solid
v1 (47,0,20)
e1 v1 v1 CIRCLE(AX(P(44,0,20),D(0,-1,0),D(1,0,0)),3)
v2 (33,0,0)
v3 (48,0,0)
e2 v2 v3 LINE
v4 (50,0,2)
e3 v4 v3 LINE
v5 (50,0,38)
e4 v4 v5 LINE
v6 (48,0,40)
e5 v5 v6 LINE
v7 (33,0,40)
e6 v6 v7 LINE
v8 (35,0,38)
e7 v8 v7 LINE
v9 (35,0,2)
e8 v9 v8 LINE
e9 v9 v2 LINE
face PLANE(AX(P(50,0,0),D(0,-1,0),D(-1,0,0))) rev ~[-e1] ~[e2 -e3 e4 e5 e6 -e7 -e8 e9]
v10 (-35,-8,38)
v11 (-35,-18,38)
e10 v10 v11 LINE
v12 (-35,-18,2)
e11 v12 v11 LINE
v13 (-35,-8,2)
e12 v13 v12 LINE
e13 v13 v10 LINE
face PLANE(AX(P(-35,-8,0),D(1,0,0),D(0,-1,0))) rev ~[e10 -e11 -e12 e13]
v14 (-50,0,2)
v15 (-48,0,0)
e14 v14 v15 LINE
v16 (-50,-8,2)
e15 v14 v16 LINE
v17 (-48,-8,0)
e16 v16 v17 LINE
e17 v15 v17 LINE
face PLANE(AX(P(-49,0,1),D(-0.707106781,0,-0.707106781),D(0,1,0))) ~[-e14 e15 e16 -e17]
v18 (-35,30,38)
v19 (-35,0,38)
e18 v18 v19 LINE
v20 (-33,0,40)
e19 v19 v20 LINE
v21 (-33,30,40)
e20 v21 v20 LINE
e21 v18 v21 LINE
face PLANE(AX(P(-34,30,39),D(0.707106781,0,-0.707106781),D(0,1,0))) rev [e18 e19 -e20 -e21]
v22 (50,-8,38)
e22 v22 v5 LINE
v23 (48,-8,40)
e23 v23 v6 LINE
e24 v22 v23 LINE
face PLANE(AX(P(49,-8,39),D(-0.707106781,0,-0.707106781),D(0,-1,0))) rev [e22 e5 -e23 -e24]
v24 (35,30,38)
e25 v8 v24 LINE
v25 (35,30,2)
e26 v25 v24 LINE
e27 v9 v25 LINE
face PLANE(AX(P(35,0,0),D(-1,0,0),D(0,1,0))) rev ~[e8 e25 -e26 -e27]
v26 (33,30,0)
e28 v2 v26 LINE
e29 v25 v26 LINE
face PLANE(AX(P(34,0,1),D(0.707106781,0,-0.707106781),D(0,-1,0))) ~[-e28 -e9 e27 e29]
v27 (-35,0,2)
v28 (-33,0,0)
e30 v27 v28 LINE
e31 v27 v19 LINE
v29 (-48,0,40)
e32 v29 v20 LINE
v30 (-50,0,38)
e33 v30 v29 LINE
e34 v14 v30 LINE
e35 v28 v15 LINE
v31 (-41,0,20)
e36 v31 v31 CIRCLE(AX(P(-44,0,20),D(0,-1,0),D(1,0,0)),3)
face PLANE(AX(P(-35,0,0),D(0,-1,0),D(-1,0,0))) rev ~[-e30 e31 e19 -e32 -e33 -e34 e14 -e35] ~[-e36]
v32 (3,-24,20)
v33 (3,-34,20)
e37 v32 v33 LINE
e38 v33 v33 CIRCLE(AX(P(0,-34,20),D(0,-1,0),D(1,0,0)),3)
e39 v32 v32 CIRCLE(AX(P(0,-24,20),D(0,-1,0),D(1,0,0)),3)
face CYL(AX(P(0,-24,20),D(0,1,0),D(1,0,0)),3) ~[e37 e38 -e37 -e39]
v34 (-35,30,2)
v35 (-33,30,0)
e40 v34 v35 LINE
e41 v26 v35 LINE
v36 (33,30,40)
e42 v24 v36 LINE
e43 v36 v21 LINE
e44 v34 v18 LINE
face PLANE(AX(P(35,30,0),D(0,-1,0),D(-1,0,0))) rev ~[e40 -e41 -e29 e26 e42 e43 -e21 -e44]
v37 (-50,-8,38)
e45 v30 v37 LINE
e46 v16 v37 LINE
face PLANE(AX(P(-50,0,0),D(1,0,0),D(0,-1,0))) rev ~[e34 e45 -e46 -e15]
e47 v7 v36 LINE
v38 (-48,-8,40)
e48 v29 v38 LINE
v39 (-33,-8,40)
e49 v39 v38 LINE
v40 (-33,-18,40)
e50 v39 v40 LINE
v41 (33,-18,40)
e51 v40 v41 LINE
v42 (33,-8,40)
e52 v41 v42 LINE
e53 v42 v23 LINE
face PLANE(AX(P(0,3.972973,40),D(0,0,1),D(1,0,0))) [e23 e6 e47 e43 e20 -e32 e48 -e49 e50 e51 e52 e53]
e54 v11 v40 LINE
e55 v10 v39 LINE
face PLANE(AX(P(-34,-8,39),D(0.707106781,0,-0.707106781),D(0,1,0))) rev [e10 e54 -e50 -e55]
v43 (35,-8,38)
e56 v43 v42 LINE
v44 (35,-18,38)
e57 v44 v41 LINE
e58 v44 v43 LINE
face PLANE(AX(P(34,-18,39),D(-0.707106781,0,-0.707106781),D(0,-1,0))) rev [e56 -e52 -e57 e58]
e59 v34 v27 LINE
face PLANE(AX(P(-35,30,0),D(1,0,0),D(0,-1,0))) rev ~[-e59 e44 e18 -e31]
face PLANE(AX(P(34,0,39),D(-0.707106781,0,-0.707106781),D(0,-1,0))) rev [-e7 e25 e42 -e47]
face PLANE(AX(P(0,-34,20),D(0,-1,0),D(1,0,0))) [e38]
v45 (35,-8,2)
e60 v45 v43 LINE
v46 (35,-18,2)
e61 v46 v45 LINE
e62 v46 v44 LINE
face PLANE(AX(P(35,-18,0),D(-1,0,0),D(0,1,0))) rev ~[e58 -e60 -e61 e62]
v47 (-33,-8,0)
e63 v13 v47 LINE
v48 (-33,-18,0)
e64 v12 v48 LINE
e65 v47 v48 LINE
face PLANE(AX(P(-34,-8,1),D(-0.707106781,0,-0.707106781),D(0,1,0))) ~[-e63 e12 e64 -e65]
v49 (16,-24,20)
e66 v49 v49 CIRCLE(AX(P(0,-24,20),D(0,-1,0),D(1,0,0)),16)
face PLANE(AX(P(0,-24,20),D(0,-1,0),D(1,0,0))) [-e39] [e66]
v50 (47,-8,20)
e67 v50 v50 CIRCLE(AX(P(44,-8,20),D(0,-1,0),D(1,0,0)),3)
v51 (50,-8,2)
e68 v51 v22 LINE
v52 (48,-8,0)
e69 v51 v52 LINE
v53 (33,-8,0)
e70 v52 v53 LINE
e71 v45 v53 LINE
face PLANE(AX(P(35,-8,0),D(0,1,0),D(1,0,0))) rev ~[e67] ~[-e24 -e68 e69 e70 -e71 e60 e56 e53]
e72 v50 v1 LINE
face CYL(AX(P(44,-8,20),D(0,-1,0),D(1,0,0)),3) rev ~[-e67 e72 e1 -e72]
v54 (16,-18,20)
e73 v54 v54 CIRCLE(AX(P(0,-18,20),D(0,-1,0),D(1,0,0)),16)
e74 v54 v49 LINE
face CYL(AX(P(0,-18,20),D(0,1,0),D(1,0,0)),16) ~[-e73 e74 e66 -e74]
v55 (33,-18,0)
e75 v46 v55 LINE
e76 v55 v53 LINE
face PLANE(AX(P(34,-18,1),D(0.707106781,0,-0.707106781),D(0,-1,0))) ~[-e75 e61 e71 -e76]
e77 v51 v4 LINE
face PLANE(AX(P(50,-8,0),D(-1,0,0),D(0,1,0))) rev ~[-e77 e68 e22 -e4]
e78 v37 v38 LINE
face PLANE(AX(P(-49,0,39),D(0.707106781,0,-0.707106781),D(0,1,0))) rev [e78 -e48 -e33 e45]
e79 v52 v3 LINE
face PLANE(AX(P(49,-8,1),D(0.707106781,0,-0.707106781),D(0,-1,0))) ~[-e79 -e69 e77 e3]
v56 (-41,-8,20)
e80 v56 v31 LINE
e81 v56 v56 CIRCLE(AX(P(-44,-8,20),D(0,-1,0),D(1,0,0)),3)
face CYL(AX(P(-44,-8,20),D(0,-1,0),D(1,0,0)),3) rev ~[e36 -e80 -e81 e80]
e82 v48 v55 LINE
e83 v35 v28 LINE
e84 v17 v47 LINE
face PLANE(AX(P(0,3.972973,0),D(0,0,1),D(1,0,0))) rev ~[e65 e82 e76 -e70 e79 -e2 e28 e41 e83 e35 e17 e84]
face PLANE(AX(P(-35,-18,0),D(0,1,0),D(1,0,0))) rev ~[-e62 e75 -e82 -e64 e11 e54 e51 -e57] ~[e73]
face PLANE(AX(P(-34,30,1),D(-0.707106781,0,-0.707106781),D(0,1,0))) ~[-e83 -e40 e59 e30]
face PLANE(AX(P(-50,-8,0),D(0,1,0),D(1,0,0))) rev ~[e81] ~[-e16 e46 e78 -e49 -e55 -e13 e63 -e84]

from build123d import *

# Parameters (mm, degrees)
F1_DEPTH = 40
F2_SIZE  = 2
F3_R     = 16
F4_DEPTH = 6
F5_R     = 3
F6_DEPTH = 10
F7_R     = 3
F8_DEPTH = 25


with BuildPart() as f1:
    # F0 (on Top) → F1 (new body)
    with BuildSketch(Plane.XY):
        Polygon((-50, 0), (-50, -8), (-35, -8), (-35, -18), (0, -18), (35, -18), (35, -8), (50, -8), (50, 0), (35, 0), (35, 30), (0, 30), (-35, 30), (-35, 0), align=None)
    extrude(amount=F1_DEPTH)

    # F2
    f2_edges = [f1.edges().sort_by_distance(p)[0] for p in [
        (35, 15, 40),
        (35, -13, 40),
        (50, -4, 40),
        (35, -13, 0),
        (50, -4, 0),
        (35, 15, 0),
        (-35, 15, 40),
        (-35, -13, 40),
        (-50, -4, 40),
        (-35, 15, 0),
        (-50, -4, 0),
        (-35, -13, 0),
    ]]
    chamfer(f2_edges, length=F2_SIZE)

    # F3 (on face) → F4 (join)
    with BuildSketch(Plane.XZ.offset(18)):
        with Locations((0, 20)):
            Circle(F3_R)
    extrude(amount=F4_DEPTH)

    # F5 (on face) → F6 (join)
    with BuildSketch(Plane.XZ.offset(24)):
        with Locations((0, 20)):
            Circle(F5_R)
    extrude(amount=F6_DEPTH)

    # F7 (on face) → F8 (cut)
    with BuildSketch(Plane.XZ.offset(8)):
        with Locations((-44, 20)):
            Circle(F7_R)
        with Locations((44, 20)):
            Circle(F7_R)
    extrude(amount=-F8_DEPTH, mode=Mode.SUBTRACT)


solid = f1.part
